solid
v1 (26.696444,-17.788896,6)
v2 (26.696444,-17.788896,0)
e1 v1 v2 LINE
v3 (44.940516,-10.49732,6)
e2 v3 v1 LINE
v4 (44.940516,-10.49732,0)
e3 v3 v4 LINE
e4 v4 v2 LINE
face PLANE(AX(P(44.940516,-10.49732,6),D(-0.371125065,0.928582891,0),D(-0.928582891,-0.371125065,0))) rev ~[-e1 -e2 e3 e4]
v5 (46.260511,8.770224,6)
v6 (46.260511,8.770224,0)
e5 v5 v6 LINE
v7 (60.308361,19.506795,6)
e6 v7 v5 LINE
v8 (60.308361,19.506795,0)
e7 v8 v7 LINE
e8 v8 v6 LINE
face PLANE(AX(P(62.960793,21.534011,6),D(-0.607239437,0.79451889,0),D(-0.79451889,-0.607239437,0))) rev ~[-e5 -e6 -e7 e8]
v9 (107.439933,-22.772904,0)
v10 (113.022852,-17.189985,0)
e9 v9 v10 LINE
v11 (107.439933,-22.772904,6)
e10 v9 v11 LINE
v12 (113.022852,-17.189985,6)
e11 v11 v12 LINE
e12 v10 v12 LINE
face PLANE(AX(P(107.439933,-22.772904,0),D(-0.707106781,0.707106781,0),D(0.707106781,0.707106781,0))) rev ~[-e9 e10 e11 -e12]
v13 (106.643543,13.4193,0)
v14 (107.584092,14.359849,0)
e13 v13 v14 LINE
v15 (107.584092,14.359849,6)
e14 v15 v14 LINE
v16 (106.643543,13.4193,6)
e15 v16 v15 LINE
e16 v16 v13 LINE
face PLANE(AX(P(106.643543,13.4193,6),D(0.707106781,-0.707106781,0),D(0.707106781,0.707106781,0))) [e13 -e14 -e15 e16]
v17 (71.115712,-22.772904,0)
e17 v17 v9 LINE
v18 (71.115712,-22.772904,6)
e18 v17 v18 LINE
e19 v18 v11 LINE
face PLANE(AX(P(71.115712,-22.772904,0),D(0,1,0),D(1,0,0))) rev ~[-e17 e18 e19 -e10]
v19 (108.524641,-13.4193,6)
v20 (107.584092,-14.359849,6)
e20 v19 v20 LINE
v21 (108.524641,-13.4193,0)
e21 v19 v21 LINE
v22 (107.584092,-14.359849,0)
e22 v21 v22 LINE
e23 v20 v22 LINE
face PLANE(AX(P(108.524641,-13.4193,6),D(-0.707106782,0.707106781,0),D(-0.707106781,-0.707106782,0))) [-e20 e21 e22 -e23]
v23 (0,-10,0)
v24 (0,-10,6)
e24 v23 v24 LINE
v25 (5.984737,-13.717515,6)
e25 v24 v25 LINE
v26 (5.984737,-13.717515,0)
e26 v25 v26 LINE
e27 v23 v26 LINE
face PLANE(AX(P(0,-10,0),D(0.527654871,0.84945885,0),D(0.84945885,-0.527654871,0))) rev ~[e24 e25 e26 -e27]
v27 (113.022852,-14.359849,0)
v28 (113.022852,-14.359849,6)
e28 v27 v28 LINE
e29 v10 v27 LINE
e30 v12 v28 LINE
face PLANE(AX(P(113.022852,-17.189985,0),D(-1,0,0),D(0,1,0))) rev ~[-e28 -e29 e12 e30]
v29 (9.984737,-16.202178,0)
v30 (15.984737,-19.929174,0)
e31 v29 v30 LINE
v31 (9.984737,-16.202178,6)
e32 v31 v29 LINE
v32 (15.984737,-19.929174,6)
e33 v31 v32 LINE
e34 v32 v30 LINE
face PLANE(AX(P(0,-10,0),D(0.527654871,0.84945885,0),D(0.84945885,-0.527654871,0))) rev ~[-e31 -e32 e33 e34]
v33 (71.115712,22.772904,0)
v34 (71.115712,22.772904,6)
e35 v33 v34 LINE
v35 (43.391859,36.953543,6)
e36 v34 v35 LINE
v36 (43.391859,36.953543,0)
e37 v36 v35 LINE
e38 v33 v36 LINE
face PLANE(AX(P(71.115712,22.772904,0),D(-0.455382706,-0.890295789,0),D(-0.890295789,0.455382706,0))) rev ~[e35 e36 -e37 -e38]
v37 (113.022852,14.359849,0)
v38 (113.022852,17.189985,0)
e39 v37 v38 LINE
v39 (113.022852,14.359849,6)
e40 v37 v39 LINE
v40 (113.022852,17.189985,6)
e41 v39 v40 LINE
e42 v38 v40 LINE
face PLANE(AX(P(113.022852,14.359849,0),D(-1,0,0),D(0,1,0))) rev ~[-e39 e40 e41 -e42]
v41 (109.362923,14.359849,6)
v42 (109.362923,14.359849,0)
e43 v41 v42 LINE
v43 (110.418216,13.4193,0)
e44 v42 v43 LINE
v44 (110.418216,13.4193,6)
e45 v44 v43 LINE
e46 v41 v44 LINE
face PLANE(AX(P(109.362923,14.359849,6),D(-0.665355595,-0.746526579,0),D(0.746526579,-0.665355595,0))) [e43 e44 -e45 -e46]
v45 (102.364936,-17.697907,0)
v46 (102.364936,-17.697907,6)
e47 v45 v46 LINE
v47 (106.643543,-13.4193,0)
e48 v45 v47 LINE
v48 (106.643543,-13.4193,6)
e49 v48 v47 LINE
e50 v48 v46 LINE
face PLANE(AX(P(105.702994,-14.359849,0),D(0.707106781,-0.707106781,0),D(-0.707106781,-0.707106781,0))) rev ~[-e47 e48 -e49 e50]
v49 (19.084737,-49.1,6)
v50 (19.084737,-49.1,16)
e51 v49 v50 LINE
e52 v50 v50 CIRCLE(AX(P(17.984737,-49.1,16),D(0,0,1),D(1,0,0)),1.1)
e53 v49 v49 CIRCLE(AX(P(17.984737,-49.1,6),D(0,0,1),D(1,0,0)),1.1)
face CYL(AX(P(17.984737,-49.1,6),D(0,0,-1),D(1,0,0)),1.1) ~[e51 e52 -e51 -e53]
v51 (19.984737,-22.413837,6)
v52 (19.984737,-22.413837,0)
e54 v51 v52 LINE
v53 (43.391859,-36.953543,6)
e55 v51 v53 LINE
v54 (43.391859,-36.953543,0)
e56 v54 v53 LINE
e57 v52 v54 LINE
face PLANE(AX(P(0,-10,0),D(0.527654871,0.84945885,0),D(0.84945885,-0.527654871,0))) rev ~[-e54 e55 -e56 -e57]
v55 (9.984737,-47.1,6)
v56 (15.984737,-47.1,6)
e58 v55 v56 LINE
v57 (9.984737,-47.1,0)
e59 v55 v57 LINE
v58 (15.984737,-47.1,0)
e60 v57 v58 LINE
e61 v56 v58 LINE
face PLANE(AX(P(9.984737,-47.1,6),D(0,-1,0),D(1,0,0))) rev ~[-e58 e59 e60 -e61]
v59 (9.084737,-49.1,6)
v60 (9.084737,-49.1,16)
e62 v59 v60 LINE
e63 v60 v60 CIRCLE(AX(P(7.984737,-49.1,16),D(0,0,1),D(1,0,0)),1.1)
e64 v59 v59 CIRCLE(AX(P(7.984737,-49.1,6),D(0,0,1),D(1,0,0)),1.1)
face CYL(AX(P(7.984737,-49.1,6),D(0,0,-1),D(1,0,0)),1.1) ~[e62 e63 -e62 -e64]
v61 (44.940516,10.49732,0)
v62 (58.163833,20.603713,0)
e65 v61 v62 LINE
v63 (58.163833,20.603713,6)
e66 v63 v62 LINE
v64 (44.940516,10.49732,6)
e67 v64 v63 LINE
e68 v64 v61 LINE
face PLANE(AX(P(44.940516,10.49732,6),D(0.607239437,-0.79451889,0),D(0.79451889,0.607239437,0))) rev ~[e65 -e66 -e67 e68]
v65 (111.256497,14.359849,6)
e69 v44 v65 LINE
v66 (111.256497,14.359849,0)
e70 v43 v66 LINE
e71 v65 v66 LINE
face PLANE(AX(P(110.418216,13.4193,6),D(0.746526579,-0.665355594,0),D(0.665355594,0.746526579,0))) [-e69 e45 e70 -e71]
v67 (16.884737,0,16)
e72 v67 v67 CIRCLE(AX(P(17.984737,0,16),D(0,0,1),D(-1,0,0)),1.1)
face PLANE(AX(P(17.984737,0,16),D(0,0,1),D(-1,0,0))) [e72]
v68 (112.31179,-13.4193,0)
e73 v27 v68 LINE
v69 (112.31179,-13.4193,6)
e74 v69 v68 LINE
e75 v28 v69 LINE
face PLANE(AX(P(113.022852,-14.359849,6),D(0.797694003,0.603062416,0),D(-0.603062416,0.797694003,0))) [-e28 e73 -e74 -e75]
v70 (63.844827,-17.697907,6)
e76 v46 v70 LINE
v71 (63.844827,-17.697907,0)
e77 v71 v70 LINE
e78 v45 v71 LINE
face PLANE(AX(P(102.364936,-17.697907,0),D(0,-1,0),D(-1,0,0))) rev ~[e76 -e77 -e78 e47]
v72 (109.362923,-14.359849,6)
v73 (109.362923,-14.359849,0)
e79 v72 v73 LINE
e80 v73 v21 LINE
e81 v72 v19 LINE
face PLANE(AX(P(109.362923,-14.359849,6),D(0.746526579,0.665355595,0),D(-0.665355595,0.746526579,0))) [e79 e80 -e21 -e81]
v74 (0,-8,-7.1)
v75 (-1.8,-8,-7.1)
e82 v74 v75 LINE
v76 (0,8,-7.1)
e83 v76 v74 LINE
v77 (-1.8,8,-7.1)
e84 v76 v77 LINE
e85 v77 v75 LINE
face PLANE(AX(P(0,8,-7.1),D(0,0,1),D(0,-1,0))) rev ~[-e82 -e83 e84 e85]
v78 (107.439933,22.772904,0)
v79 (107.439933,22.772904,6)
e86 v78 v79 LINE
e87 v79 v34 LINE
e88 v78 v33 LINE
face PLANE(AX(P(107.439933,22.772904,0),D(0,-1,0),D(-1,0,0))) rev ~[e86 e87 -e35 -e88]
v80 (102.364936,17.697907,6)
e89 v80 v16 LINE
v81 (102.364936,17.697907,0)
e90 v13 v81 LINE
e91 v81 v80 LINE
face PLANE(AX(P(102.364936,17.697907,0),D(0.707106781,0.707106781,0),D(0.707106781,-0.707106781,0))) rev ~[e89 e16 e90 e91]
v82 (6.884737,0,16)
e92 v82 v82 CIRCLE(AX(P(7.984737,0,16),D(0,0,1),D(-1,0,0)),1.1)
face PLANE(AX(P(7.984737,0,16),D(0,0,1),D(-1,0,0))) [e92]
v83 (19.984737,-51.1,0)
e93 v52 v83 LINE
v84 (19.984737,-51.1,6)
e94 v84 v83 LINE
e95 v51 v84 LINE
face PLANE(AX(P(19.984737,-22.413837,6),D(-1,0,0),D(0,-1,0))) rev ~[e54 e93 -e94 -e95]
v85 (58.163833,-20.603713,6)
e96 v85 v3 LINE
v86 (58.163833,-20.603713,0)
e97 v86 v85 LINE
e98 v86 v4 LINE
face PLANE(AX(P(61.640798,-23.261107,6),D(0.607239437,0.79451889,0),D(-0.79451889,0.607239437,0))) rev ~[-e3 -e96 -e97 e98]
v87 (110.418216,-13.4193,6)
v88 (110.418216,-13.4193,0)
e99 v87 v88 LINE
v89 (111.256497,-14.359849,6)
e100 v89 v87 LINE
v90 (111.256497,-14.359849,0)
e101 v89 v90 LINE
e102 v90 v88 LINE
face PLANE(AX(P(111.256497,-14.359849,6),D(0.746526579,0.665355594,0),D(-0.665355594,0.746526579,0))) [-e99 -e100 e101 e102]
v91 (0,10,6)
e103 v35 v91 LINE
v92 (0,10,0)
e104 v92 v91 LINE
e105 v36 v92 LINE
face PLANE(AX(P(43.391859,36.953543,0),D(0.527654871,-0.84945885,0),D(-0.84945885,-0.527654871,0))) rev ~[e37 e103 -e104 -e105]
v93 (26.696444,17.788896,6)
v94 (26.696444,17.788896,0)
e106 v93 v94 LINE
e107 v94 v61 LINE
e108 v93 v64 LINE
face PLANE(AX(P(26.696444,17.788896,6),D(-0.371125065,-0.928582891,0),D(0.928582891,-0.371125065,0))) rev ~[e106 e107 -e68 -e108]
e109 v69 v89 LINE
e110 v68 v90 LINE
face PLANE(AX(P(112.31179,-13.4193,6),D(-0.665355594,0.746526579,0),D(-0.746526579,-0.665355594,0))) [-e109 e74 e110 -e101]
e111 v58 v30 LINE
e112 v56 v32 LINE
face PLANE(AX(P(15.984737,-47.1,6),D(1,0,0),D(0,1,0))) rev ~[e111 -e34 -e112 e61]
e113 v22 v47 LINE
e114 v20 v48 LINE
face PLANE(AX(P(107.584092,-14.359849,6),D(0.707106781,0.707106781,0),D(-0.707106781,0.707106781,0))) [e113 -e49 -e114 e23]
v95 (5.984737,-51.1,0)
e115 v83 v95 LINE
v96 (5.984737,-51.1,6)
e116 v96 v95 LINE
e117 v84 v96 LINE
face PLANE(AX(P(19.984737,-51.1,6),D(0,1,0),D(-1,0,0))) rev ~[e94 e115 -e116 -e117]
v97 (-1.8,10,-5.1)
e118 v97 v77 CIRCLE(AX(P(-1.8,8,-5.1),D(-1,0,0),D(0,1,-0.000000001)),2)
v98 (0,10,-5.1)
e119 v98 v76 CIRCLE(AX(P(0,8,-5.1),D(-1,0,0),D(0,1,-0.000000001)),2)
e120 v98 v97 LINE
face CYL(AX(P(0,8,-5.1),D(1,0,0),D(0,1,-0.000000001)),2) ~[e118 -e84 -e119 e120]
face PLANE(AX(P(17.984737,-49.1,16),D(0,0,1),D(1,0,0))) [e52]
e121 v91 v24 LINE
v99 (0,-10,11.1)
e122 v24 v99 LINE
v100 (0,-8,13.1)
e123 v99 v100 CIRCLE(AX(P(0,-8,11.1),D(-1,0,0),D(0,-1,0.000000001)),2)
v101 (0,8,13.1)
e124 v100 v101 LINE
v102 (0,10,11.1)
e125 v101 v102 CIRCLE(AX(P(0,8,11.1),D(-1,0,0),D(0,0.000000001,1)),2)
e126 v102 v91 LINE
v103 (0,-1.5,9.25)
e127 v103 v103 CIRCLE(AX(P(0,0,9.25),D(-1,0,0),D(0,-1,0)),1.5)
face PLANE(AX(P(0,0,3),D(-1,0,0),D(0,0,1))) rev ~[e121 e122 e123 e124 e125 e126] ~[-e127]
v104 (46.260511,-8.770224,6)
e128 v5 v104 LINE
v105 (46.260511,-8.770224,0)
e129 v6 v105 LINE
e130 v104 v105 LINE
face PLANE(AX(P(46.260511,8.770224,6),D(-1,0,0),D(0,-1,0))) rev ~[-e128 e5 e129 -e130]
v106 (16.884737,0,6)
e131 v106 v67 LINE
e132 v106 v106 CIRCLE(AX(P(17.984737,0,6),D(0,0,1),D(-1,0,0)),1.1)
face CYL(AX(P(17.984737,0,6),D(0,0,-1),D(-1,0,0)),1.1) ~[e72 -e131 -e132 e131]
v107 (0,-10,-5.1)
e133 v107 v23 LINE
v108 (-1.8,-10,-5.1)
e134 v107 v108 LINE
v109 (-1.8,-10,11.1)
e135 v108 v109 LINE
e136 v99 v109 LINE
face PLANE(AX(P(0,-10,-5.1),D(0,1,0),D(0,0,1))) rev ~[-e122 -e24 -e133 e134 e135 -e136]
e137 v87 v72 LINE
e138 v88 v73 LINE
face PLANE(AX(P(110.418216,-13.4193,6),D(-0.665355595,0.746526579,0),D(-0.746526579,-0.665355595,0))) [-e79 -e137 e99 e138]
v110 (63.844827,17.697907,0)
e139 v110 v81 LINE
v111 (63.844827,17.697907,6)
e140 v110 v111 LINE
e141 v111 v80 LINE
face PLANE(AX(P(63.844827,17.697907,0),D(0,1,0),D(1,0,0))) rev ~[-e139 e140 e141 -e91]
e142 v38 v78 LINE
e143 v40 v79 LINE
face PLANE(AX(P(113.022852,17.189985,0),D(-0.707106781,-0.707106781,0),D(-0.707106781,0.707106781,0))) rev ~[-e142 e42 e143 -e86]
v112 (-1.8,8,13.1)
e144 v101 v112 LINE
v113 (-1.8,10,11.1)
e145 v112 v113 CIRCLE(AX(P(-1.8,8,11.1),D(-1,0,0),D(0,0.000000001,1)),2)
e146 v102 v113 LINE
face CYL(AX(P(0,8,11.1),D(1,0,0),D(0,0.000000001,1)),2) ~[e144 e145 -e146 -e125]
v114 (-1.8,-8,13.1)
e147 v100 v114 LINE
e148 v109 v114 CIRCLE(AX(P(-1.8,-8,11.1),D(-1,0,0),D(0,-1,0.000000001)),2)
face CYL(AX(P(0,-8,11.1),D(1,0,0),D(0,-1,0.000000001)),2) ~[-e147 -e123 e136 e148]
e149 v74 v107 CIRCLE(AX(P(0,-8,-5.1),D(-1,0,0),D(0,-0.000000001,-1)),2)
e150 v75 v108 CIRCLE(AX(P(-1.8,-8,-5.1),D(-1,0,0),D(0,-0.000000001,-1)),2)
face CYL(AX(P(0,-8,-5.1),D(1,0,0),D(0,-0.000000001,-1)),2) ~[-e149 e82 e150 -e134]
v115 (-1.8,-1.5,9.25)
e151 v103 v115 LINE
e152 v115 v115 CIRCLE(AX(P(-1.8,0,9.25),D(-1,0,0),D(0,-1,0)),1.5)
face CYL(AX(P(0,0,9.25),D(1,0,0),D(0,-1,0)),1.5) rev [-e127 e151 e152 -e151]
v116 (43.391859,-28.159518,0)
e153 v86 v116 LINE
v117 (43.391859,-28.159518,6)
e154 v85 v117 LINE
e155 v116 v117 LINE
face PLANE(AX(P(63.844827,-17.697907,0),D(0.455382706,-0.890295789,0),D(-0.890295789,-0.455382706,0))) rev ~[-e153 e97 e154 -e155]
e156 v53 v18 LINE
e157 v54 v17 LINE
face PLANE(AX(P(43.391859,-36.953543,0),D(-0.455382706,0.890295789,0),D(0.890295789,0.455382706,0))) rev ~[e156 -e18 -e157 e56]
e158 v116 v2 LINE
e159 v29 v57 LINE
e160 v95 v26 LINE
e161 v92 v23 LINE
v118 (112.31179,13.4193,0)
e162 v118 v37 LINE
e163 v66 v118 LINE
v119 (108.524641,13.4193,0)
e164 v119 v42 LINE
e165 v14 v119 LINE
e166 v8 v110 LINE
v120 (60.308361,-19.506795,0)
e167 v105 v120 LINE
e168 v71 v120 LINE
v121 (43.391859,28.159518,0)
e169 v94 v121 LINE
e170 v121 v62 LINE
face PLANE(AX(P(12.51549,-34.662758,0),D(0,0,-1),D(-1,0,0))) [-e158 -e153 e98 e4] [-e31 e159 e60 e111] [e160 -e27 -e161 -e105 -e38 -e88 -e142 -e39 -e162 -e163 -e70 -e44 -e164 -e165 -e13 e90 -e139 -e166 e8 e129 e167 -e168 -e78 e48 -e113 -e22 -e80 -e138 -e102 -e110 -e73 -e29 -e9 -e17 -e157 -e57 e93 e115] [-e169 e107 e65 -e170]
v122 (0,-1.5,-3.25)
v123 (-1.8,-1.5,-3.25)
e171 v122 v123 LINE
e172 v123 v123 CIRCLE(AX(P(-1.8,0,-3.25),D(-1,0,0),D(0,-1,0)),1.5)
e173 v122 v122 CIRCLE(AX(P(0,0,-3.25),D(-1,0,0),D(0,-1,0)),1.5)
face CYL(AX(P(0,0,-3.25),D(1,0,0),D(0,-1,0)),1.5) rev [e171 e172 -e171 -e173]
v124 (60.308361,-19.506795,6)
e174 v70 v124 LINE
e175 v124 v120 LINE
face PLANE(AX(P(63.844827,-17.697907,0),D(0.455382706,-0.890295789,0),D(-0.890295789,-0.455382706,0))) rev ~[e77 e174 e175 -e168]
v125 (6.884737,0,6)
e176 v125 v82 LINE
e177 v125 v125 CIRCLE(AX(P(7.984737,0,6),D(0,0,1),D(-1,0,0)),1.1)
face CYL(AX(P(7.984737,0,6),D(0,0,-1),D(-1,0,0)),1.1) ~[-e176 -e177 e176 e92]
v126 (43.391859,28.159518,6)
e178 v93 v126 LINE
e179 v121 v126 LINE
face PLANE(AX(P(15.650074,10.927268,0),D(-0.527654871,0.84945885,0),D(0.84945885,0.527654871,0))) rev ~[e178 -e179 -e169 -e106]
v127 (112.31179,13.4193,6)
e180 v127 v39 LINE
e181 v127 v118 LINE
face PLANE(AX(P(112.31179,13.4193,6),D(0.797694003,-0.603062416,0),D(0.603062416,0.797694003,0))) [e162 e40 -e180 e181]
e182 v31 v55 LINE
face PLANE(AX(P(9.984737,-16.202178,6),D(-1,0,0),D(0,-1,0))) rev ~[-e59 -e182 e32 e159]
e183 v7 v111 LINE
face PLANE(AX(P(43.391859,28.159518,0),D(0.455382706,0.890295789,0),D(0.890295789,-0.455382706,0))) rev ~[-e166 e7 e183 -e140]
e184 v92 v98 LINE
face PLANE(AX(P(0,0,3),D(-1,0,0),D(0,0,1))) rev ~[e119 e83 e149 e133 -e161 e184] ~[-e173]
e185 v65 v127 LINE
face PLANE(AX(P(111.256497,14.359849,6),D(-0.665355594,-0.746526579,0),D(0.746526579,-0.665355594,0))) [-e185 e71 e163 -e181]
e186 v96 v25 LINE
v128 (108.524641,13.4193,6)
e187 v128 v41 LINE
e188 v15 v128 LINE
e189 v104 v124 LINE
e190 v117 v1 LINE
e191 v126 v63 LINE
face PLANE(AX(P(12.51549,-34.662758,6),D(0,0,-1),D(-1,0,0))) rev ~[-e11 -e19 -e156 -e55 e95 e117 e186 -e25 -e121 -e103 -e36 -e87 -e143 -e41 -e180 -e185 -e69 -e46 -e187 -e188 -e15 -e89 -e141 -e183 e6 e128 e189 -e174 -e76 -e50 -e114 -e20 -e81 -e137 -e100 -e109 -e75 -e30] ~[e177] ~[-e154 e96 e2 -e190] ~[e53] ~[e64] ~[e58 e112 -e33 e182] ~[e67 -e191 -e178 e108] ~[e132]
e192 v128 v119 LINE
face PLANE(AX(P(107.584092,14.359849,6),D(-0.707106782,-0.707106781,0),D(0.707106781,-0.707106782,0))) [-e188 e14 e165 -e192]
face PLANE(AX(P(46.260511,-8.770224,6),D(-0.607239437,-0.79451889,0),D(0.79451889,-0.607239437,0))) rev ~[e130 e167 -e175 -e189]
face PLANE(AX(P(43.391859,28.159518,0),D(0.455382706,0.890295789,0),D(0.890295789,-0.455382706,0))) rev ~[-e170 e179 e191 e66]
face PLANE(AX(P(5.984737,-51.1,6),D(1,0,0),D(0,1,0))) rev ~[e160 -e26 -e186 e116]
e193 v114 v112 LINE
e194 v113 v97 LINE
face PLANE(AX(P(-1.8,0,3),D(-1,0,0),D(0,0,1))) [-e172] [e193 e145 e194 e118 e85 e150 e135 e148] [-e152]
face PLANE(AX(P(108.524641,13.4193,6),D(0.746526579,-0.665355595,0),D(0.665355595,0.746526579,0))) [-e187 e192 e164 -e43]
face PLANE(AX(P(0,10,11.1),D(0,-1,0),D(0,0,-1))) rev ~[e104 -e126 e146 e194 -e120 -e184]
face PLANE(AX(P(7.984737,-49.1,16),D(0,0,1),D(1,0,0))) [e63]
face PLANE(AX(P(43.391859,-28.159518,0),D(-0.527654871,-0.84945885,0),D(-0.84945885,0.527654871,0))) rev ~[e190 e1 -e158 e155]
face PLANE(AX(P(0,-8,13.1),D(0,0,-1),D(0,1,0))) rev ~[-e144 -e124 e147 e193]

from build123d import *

# Parameters (mm, degrees)
EXTRUDE_1_DEPTH = 6
EXTRUDE_2_DEPTH = 6
EXTRUDE_3_DEPTH = 6
SKETCH_4_R      = 1.5
EXTRUDE_4_DEPTH = 1.8
SKETCH_5_R      = 1.1
EXTRUDE_5_DEPTH = 10
EXTRUDE_6_DEPTH = 6


with BuildPart() as part:
    # 草图1 → 凸台-拉伸1 (new body)
    with BuildSketch(Plane.XY):
        Polygon((0, 10), (0, -10), (43.391858736, -36.953542991), (71.115712236, -22.772903722), (107.439932669, -22.772903722), (113.022851841, -17.18998455), (113.022851841, -14.359848661), (105.70299447, -14.359848661), (102.364936039, -17.697907092), (63.844827478, -17.697907092), (43.391858736, -28.159518127), (15.650074222, -10.927267577), (15.650074222, 10.927267577), (43.391858736, 28.159518127), (63.844827478, 17.697907092), (102.364936039, 17.697907092), (105.70299447, 14.359848661), (113.022851841, 14.359848661), (113.022851841, 17.18998455), (107.439932669, 22.772903722), (71.115712236, 22.772903722), (43.391858736, 36.953542991), align=None)
    extrude(amount=EXTRUDE_1_DEPTH)

    # 草图2 → 凸台-拉伸2 (add)
    with BuildSketch(Plane.XY.offset(6)):
        Polygon((113.022851841, 14.359848661), (111.256497416, 14.359848661), (112.311790012, 13.419299654), align=None)
        Polygon((111.256497416, 14.359848661), (109.362923156, 14.359848661), (110.418215751, 13.419299654), align=None)
        Polygon((109.362923156, 14.359848661), (107.584092484, 14.359848661), (108.52464149, 13.419299654), align=None)
        Polygon((107.584092484, 14.359848661), (105.70299447, 14.359848661), (106.643543477, 13.419299654), align=None)
        Polygon((105.70299447, -14.359848661), (107.584092484, -14.359848661), (106.643543477, -13.419299654), align=None)
        Polygon((107.584092484, -14.359848661), (109.362923156, -14.359848661), (108.52464149, -13.419299654), align=None)
        Polygon((109.362923156, -14.359848661), (111.256497416, -14.359848661), (110.418215751, -13.419299654), align=None)
        Polygon((111.256497416, -14.359848661), (113.022851841, -14.359848661), (112.311790012, -13.419299654), align=None)
    extrude(amount=-EXTRUDE_2_DEPTH)

    # 草图3 → 凸台-拉伸3 (add)
    with BuildSketch(Plane.XY.offset(6)):
        Polygon((26.69644411, 17.788895872), (44.940516172, 10.497320184), (61.640798283, 23.261107226), (62.960793136, 21.534011156), (46.260511025, 8.770224115), (46.260511025, -8.770224115), (62.960793136, -21.534011156), (61.640798283, -23.261107226), (44.940516172, -10.497320184), (26.69644411, -17.788895872), (15.650074222, -10.927267577), (15.650074222, 10.927267577), align=None)
    extrude(amount=-EXTRUDE_3_DEPTH)

    # 草图4 → 凸台-拉伸4 (add)
    with BuildSketch(Plane.ZY):
        with BuildLine():
            Line((-5.1, -10), (11.1, -10))
            ThreePointArc((11.1, -10), (12.514213562, -9.414213562), (13.1, -8))
            Line((13.1, -8), (13.1, 8))
            ThreePointArc((13.1, 8), (12.514213562, 9.414213562), (11.1, 10))
            Line((11.1, 10), (-5.1, 10))
            ThreePointArc((-5.1, 10), (-6.514213562, 9.414213562), (-7.1, 8))
            Line((-7.1, 8), (-7.1, -8))
            ThreePointArc((-7.1, -8), (-6.514213562, -9.414213562), (-5.1, -10))
        make_face()
        with Locations(Location((9.25, 0, 0), (0, 0, 270))):
            Circle(SKETCH_4_R, mode=Mode.SUBTRACT)
        with Locations(Location((-3.25, 0, 0), (0, 0, 270))):
            Circle(SKETCH_4_R, mode=Mode.SUBTRACT)
    extrude(amount=EXTRUDE_4_DEPTH)

    # 草图5 → 凸台-拉伸5 (add)
    with BuildSketch(Plane.XY.offset(6)):
        with Locations(Location((17.984736969, 0, 0), (0, 0, 180))):
            Circle(SKETCH_5_R)
        with Locations(Location((7.984736969, 0, 0), (0, 0, 180))):
            Circle(SKETCH_5_R)
        with Locations((7.984736969, -49.1)):
            Circle(SKETCH_5_R)
        with Locations((17.984736969, -49.1)):
            Circle(SKETCH_5_R)
    extrude(amount=EXTRUDE_5_DEPTH)


with BuildPart() as extrude_5_piece_1:
    # of the separate pieces the step leaves, piece 1, a body of its own (extrude_5_pieces)
    add(part.part.solids().sort_by_distance((0, -10, -5.1))[0])



with BuildPart() as extrude_5_piece_2:
    # of the separate pieces the step leaves, piece 2, a body of its own (extrude_5_pieces)
    add(part.part.solids().sort_by_distance((9.084736969, -49.1, 6))[0])


with BuildPart() as extrude_5_piece_3:
    # of the separate pieces the step leaves, piece 3, a body of its own (extrude_5_pieces)
    add(part.part.solids().sort_by_distance((19.084736969, -49.1, 6))[0])


with BuildPart() as extrude_5_piece_1_1:
    add(extrude_5_piece_1.part)

    add(extrude_5_piece_2.part)  # 凸台-拉伸6 merges 凸台-拉伸5 piece 2

    add(extrude_5_piece_3.part)  # 凸台-拉伸6 merges 凸台-拉伸5 piece 3
    # 草图6 → 凸台-拉伸6 (add)
    with BuildSketch(Plane(origin=(0, 0, 6), x_dir=(-1, 0, 0), z_dir=(0, 0, -1))):
        Polygon((-15.984736969, -19.929173528), (-19.984736969, -22.413837129), (-19.984736969, -51.1), (-5.984736969, -51.1), (-5.984736969, -13.717514526), (-9.984736969, -16.202178127), (-9.984736969, -47.1), (-15.984736969, -47.1), align=None)
    extrude(amount=EXTRUDE_6_DEPTH)


solid = extrude_5_piece_1_1.part
